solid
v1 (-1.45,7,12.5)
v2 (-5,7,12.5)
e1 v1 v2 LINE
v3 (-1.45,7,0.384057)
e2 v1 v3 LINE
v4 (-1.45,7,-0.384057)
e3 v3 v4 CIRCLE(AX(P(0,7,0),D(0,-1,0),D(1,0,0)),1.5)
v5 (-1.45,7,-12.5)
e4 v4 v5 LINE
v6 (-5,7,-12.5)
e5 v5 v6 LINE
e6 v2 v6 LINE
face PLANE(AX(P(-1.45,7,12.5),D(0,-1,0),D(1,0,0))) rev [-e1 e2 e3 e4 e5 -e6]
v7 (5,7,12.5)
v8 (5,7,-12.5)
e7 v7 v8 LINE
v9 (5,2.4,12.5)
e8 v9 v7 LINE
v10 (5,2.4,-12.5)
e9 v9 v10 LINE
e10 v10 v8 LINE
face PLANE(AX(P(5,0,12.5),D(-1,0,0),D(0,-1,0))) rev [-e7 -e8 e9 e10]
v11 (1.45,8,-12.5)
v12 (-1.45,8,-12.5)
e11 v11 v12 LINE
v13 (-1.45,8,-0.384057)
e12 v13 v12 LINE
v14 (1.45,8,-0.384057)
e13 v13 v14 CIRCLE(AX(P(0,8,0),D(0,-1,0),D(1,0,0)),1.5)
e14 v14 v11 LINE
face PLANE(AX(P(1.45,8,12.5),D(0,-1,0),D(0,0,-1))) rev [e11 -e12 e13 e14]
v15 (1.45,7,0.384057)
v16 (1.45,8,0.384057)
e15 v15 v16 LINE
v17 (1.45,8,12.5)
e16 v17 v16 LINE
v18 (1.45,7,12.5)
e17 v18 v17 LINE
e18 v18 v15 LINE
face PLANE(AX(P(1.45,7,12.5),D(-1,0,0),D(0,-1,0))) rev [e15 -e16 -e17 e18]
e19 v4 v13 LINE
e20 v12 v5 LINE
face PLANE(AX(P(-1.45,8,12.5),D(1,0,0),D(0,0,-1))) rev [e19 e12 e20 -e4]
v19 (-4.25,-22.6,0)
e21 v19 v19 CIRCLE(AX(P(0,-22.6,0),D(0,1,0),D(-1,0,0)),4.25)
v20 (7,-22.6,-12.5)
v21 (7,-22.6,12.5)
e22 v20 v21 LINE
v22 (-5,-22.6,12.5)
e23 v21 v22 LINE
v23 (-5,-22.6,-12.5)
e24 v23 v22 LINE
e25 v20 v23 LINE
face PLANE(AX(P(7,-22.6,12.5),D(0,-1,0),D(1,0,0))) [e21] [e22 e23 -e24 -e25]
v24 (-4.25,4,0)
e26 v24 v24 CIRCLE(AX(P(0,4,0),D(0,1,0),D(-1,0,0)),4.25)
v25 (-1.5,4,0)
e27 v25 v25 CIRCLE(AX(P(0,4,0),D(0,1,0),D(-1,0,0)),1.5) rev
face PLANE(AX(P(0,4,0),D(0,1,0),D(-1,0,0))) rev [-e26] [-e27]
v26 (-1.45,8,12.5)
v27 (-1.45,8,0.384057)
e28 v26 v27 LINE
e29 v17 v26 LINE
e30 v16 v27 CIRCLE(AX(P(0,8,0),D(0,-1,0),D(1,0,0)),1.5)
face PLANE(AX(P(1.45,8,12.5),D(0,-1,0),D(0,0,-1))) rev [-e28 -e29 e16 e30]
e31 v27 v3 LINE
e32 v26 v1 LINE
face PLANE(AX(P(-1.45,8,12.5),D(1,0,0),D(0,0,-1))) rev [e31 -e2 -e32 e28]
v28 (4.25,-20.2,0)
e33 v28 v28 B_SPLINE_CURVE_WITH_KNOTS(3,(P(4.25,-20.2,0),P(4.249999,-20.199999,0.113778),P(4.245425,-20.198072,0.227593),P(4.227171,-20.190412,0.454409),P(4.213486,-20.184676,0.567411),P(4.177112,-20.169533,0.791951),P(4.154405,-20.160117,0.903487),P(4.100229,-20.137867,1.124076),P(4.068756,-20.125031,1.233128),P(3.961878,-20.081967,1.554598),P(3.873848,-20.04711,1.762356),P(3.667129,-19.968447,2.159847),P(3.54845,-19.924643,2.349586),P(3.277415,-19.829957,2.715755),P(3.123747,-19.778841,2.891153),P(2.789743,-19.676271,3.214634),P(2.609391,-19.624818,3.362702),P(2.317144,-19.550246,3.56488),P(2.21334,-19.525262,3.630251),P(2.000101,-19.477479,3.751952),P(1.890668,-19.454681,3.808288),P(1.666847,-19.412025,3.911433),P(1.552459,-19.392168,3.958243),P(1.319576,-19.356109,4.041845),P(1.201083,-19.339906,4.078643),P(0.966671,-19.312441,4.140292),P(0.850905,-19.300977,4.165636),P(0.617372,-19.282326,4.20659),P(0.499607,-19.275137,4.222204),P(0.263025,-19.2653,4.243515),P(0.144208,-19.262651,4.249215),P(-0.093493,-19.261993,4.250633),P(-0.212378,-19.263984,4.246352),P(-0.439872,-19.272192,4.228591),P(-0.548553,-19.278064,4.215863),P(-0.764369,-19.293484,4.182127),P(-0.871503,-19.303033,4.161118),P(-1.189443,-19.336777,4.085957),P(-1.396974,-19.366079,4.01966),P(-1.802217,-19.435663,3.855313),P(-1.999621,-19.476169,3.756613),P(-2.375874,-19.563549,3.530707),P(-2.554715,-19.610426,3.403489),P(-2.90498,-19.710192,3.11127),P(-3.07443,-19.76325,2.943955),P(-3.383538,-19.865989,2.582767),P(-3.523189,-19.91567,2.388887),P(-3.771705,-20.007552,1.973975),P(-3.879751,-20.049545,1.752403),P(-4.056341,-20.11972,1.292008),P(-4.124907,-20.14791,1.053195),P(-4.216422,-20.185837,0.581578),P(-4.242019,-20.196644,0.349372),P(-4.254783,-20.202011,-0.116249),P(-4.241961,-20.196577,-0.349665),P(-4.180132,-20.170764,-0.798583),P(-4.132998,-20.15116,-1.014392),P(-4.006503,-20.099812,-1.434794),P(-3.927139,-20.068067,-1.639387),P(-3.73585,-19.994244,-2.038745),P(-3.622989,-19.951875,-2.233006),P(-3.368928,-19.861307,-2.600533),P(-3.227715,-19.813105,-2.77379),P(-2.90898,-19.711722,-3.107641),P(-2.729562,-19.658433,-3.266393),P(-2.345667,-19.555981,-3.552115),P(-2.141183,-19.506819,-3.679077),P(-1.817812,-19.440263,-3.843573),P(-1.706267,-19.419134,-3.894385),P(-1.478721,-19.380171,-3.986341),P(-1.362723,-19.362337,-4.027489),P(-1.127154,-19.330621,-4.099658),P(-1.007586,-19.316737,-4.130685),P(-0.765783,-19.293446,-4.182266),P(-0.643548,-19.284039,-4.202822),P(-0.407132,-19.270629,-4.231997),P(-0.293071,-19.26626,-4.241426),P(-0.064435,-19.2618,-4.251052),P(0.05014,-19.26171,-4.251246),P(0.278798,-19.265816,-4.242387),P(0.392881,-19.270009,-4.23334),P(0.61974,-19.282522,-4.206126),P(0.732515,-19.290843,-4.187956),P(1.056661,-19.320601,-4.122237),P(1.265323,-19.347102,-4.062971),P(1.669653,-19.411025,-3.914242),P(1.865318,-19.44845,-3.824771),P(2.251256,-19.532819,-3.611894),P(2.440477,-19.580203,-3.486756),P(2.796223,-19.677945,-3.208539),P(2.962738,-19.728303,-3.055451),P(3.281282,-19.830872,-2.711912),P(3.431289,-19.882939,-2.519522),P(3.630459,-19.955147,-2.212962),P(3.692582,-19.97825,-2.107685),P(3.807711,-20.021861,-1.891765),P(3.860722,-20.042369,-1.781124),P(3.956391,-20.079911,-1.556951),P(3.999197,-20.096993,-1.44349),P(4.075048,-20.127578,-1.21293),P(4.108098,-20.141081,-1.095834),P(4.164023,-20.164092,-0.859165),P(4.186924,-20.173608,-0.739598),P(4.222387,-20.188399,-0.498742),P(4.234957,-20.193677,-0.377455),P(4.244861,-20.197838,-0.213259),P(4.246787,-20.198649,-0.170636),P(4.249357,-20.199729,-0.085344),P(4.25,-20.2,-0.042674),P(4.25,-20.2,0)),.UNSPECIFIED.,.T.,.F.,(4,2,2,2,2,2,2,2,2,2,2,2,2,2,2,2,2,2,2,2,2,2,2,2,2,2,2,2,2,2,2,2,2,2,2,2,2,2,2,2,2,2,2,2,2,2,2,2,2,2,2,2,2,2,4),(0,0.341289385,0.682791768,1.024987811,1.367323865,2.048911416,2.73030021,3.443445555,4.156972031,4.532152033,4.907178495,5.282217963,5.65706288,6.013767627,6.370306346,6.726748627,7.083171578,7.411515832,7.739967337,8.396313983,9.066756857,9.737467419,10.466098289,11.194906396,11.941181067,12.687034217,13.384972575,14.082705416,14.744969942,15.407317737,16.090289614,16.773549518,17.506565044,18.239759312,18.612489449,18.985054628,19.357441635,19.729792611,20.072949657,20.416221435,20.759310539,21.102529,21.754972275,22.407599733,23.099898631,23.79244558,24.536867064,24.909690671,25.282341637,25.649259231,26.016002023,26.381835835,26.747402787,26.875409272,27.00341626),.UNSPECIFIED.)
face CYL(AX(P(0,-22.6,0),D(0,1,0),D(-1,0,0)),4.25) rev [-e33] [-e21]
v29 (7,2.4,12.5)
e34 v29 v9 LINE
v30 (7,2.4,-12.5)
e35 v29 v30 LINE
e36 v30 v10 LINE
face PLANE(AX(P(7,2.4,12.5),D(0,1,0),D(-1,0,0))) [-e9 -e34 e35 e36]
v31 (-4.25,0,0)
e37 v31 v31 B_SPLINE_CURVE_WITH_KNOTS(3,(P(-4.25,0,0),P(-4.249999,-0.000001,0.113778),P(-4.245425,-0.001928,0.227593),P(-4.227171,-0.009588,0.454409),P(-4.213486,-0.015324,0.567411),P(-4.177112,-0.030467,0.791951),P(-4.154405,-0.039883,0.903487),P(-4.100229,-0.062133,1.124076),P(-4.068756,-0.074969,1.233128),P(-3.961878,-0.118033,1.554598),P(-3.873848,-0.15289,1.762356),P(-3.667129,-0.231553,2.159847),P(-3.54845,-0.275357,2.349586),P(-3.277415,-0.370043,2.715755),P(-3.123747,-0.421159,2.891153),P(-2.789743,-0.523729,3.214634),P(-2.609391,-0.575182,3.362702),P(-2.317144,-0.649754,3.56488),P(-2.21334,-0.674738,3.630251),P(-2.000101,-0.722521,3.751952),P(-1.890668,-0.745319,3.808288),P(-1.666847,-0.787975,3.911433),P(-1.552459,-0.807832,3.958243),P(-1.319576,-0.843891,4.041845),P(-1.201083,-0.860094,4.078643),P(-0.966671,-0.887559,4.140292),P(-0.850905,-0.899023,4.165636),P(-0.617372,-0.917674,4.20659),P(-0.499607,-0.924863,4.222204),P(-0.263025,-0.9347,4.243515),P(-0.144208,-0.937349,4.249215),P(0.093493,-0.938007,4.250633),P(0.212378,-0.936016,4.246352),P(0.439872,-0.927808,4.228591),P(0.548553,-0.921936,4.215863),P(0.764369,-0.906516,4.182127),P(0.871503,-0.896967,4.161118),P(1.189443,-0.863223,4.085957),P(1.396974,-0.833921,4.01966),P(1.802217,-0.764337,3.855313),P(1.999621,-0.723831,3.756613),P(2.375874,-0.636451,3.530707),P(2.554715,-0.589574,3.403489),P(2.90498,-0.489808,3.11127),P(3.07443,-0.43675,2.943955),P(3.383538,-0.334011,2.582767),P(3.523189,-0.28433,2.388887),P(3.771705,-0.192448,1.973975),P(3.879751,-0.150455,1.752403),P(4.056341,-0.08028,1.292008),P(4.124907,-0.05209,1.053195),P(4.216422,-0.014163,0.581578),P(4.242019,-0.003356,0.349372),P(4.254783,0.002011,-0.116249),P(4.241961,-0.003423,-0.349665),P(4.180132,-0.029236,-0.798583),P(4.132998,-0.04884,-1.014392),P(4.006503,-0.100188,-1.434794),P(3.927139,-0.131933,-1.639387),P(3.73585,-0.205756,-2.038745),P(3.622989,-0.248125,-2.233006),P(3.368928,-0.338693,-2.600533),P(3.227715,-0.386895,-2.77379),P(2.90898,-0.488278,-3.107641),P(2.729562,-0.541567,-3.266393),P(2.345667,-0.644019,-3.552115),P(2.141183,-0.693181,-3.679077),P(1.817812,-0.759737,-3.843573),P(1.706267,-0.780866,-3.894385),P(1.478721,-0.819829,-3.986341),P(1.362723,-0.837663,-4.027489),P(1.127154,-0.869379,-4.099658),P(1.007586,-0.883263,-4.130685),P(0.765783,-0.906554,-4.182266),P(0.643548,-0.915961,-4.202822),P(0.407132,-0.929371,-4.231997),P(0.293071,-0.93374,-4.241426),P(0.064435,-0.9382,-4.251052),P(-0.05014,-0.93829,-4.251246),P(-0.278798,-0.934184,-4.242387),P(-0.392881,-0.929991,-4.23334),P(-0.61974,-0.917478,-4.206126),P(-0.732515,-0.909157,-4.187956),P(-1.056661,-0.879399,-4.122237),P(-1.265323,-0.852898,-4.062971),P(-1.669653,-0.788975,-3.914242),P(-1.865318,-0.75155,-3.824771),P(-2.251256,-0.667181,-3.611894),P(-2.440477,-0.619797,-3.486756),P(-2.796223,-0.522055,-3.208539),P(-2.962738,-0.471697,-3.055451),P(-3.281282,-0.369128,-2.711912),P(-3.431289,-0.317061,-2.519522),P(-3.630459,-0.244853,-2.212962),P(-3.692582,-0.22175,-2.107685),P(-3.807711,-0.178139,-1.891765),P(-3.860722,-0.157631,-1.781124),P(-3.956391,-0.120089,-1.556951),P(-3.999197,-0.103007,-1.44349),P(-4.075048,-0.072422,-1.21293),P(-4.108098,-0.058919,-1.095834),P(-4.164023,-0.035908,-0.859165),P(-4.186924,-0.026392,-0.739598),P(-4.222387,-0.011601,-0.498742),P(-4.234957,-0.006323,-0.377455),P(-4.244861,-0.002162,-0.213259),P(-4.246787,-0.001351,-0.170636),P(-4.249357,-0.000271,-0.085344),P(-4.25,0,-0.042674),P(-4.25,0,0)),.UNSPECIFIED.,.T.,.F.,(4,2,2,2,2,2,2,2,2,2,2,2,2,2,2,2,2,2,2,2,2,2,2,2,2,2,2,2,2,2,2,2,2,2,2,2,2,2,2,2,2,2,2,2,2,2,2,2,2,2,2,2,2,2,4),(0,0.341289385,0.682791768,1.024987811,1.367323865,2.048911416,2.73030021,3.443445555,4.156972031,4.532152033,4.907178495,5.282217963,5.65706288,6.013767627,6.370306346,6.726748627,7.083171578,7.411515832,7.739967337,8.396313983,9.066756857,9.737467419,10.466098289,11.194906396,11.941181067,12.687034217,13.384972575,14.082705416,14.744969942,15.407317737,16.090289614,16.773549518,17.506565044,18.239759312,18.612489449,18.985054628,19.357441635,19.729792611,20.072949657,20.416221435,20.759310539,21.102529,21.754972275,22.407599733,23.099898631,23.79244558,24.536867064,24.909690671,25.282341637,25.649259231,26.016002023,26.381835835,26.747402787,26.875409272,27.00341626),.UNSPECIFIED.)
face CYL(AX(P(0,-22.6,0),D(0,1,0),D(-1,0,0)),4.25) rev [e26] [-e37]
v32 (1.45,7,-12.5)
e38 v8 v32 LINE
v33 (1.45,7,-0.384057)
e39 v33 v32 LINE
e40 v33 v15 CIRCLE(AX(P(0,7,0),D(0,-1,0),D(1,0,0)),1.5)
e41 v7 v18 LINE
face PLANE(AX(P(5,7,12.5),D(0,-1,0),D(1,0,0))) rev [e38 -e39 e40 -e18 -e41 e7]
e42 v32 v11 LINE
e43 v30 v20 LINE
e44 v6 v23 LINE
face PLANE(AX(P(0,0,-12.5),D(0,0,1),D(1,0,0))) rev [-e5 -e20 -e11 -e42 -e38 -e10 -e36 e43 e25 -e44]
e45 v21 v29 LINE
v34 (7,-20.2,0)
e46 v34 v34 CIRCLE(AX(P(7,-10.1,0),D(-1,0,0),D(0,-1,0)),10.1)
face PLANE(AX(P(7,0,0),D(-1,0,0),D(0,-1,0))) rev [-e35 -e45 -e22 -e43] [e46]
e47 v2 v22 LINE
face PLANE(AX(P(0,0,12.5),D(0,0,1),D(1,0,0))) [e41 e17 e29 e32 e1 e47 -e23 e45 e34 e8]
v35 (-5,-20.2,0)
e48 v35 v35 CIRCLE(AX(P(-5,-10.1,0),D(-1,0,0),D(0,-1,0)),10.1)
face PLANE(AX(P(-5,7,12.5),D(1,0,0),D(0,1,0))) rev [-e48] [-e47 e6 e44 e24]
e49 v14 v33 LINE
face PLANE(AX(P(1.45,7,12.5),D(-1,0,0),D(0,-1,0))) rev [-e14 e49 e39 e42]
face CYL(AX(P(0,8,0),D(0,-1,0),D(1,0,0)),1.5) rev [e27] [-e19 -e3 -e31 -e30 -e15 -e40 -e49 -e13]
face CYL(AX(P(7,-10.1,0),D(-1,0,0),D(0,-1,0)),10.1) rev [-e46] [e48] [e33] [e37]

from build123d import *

# Parameters (mm, degrees)
MAKERBEAMFIX_DEPTH          = 12.5
SKETCH3_W                   = 25
SKETCH3_H                   = 25
SKETCH3_R                   = 10.1
MAKERBEAMTHREADINGTAP_DEPTH = 12
SKETCH4_R                   = 1.5
FIXINGHOLE_DEPTH            = 31.6
SKETCH5_R                   = 4.25
DRIVERHOLE_DEPTH            = 27.6000001


with BuildPart() as part:
    # Sketch1 → MakerBeamFix (new body, symmetric)
    with BuildSketch(Plane.XY):
        Polygon((-5, 0), (5, 0), (5, 7), (1.45, 7), (1.45, 8), (-1.45, 8), (-1.45, 7), (-5, 7), align=None)
    extrude(amount=MAKERBEAMFIX_DEPTH, both=True)

    # Sketch3 → MakerBeamThreadingTap (add)
    with BuildSketch(Plane.ZY.offset(5)):
        with Locations((0, -10.1)):
            Rectangle(SKETCH3_W, SKETCH3_H)
        with Locations((0, -10.1)):
            Circle(SKETCH3_R, mode=Mode.SUBTRACT)
    extrude(amount=-MAKERBEAMTHREADINGTAP_DEPTH)

    # Sketch4 → FixingHole (cut, through all)
    with BuildSketch(Plane.XZ.offset(22.6)):
        Circle(SKETCH4_R)
    extrude(amount=-FIXINGHOLE_DEPTH, mode=Mode.SUBTRACT)

    # Sketch5 → DriverHole (cut, through all)
    with BuildSketch(Plane(origin=(0, 4, 0), x_dir=(1, 0, 0), z_dir=(0, 1, 0))):
        Circle(SKETCH5_R)
    extrude(amount=-DRIVERHOLE_DEPTH, mode=Mode.SUBTRACT)


solid = part.part
